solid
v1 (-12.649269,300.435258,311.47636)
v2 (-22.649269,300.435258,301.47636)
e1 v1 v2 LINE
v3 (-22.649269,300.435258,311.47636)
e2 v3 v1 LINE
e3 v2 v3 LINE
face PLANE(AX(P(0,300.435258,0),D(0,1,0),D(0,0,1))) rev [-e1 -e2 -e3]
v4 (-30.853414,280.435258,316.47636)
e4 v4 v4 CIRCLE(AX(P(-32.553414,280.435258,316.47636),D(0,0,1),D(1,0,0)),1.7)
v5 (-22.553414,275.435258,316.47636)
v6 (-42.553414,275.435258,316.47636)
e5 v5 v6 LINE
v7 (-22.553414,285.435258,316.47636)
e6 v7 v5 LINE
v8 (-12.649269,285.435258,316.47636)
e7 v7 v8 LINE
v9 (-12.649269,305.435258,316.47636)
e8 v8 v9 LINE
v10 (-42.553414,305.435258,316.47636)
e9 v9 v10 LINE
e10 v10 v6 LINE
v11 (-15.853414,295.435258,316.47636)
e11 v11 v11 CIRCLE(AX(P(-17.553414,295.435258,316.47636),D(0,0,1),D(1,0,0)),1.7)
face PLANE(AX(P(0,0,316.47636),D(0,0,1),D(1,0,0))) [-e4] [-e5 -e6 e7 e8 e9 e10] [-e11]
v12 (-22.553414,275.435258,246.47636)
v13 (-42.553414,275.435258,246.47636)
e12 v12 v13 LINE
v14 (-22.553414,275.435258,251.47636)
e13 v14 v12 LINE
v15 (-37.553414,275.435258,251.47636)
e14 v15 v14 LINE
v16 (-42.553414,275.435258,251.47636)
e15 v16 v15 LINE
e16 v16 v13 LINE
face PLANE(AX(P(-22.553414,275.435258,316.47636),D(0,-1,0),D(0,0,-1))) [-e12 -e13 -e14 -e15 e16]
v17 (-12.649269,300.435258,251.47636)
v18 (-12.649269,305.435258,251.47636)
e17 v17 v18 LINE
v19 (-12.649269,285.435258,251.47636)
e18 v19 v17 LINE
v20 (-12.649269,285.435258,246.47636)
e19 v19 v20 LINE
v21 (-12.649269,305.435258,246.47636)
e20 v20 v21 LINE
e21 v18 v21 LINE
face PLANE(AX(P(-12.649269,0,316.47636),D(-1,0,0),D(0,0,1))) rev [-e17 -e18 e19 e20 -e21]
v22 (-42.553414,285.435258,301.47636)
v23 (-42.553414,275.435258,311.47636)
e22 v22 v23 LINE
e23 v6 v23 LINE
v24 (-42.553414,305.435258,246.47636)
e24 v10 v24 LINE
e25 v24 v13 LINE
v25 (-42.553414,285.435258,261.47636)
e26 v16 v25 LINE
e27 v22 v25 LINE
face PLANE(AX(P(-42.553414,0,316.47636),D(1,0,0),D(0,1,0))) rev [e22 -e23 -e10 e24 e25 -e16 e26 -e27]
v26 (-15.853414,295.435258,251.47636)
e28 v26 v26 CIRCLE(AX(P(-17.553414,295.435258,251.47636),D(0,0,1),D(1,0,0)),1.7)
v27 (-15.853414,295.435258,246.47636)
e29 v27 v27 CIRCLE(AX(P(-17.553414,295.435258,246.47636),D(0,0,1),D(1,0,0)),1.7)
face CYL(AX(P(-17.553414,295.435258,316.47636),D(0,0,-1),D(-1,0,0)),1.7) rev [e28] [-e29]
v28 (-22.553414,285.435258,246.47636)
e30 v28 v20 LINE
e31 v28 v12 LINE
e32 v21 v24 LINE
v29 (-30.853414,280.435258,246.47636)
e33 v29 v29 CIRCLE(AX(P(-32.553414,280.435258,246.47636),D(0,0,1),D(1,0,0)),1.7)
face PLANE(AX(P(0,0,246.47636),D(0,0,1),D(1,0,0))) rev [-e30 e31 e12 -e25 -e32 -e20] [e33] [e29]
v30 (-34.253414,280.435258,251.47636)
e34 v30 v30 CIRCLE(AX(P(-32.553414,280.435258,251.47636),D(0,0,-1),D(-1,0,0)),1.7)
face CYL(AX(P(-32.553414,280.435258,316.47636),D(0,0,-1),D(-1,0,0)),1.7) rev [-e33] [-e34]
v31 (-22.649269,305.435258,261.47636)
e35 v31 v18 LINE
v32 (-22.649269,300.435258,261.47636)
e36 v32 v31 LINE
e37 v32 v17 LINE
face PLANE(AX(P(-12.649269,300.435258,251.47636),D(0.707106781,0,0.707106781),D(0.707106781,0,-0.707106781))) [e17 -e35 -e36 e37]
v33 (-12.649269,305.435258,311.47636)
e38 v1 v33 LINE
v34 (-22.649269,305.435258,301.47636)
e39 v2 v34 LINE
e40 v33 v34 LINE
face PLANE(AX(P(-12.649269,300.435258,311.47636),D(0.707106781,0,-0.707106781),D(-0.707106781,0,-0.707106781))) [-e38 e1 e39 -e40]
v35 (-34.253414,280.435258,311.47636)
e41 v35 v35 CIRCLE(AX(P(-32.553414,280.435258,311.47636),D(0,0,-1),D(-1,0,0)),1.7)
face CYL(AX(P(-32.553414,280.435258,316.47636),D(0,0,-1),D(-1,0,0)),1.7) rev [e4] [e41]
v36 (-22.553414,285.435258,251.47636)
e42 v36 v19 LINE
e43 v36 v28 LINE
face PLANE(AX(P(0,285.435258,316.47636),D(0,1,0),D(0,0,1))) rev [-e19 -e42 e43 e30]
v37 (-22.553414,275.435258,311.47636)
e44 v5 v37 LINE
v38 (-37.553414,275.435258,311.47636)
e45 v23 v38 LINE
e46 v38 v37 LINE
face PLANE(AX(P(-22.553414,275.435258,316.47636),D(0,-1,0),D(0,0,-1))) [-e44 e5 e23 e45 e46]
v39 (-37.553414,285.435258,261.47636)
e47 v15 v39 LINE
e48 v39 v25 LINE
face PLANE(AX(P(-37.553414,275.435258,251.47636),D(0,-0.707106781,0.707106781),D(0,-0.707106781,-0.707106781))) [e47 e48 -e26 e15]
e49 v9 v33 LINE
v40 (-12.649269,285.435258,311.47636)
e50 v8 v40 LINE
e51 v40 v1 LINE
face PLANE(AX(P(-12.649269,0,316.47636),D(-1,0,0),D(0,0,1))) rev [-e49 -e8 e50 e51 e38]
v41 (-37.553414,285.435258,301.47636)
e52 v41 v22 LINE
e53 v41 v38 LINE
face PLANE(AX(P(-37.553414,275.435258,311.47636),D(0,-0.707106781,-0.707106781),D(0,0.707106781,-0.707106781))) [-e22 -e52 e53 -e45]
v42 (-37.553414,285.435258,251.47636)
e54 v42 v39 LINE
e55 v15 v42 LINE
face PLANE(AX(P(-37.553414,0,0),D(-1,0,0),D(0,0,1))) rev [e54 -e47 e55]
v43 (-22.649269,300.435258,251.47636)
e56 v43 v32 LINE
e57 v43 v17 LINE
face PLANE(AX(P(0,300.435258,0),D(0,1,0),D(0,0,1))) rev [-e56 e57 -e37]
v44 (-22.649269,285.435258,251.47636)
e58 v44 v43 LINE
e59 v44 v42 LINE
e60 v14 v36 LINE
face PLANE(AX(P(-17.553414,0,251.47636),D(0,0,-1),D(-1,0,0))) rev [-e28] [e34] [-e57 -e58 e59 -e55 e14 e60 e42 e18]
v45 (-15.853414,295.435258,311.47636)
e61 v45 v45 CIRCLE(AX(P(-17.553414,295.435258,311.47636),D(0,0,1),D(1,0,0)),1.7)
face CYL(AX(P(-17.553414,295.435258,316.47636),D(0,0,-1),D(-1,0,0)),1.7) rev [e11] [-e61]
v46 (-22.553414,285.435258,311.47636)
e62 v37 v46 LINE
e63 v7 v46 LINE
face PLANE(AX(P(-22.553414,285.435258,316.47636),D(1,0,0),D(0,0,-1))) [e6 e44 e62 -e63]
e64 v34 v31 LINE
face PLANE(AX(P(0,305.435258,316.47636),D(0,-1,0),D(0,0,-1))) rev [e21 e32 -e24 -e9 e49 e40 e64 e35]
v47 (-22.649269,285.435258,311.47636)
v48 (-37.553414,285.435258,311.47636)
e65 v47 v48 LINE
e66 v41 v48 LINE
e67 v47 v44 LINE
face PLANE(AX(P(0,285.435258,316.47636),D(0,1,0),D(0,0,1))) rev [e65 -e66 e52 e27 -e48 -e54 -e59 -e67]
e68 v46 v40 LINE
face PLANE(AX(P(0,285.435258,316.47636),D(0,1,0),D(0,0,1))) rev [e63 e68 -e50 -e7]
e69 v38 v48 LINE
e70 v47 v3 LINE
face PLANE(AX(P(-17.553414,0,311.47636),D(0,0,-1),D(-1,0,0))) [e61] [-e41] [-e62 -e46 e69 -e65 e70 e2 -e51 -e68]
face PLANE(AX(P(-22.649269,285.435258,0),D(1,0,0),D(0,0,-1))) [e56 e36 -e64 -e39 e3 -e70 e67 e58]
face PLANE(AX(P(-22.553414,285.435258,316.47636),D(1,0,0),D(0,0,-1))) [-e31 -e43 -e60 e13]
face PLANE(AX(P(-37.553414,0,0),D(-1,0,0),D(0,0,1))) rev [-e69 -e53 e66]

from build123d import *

# Parameters (mm, degrees)
SKETCH1_R           = 1.7
BOSS_EXTRUDE1_DEPTH = 70
SKETCH2_W           = 60
SKETCH2_H           = 10
CUT_EXTRUDE1_DEPTH  = 25
BOSS_EXTRUDE2_DEPTH = 5
SKETCH4_W           = 10
SKETCH4_H           = 60
CUT_EXTRUDE2_DEPTH  = 20
BOSS_EXTRUDE3_DEPTH = 5


with BuildPart() as part:
    # Sketch1 → Boss-Extrude1 (new body)
    with BuildSketch(Plane.XY.offset(246.476360497)):
        Polygon((-42.55341426, 305.4352577), (-42.55341426, 275.4352577), (-22.55341426, 275.4352577), (-22.55341426, 285.4352577), (-12.649269186, 285.4352577), (-12.649269186, 305.4352577), align=None)
        with Locations((-17.55341426, 295.4352577)):
            Circle(SKETCH1_R, mode=Mode.SUBTRACT)
        with Locations((-32.55341426, 280.4352577)):
            Circle(SKETCH1_R, mode=Mode.SUBTRACT)
    extrude(amount=BOSS_EXTRUDE1_DEPTH)

    # Sketch2 → Cut-Extrude1 (cut)
    with BuildSketch(Plane.ZY.offset(42.55341426)):
        with Locations((281.476360497, 280.4352577)):
            Rectangle(SKETCH2_W, SKETCH2_H)
    extrude(amount=-CUT_EXTRUDE1_DEPTH, mode=Mode.SUBTRACT)

    # Sketch3 → Boss-Extrude2 (add)
    with BuildSketch(Plane.ZY.offset(42.55341426)):
        Polygon((311.476360497, 275.4352577), (301.476360497, 285.4352577), (261.476360497, 285.4352577), (251.476360497, 275.4352577), (246.476360497, 275.4352577), (246.476360497, 305.4352577), (316.476360497, 305.4352577), (316.476360497, 275.4352577), align=None)
    extrude(amount=-BOSS_EXTRUDE2_DEPTH)

    # Sketch4 → Cut-Extrude2 (cut)
    with BuildSketch(Plane(origin=(0, 305.4352577, 0), x_dir=(1, 0, 0), z_dir=(0, 1, 0))):
        with Locations((-17.649269186, -281.476360497)):
            Rectangle(SKETCH4_W, SKETCH4_H)
    extrude(amount=-CUT_EXTRUDE2_DEPTH, mode=Mode.SUBTRACT)

    # Sketch5 → Boss-Extrude3 (add)
    with BuildSketch(Plane(origin=(0, 305.4352577, 0), x_dir=(1, 0, 0), z_dir=(0, 1, 0))):
        Polygon((-12.649269186, -311.476360497), (-22.649269186, -301.476360497), (-22.649269186, -261.476360497), (-12.649269186, -251.476360497), (-12.649269186, -246.476360497), (-42.55341426, -246.476360497), (-42.55341426, -316.476360497), (-12.649269186, -316.476360497), align=None)
    extrude(amount=-BOSS_EXTRUDE3_DEPTH)


solid = part.part
